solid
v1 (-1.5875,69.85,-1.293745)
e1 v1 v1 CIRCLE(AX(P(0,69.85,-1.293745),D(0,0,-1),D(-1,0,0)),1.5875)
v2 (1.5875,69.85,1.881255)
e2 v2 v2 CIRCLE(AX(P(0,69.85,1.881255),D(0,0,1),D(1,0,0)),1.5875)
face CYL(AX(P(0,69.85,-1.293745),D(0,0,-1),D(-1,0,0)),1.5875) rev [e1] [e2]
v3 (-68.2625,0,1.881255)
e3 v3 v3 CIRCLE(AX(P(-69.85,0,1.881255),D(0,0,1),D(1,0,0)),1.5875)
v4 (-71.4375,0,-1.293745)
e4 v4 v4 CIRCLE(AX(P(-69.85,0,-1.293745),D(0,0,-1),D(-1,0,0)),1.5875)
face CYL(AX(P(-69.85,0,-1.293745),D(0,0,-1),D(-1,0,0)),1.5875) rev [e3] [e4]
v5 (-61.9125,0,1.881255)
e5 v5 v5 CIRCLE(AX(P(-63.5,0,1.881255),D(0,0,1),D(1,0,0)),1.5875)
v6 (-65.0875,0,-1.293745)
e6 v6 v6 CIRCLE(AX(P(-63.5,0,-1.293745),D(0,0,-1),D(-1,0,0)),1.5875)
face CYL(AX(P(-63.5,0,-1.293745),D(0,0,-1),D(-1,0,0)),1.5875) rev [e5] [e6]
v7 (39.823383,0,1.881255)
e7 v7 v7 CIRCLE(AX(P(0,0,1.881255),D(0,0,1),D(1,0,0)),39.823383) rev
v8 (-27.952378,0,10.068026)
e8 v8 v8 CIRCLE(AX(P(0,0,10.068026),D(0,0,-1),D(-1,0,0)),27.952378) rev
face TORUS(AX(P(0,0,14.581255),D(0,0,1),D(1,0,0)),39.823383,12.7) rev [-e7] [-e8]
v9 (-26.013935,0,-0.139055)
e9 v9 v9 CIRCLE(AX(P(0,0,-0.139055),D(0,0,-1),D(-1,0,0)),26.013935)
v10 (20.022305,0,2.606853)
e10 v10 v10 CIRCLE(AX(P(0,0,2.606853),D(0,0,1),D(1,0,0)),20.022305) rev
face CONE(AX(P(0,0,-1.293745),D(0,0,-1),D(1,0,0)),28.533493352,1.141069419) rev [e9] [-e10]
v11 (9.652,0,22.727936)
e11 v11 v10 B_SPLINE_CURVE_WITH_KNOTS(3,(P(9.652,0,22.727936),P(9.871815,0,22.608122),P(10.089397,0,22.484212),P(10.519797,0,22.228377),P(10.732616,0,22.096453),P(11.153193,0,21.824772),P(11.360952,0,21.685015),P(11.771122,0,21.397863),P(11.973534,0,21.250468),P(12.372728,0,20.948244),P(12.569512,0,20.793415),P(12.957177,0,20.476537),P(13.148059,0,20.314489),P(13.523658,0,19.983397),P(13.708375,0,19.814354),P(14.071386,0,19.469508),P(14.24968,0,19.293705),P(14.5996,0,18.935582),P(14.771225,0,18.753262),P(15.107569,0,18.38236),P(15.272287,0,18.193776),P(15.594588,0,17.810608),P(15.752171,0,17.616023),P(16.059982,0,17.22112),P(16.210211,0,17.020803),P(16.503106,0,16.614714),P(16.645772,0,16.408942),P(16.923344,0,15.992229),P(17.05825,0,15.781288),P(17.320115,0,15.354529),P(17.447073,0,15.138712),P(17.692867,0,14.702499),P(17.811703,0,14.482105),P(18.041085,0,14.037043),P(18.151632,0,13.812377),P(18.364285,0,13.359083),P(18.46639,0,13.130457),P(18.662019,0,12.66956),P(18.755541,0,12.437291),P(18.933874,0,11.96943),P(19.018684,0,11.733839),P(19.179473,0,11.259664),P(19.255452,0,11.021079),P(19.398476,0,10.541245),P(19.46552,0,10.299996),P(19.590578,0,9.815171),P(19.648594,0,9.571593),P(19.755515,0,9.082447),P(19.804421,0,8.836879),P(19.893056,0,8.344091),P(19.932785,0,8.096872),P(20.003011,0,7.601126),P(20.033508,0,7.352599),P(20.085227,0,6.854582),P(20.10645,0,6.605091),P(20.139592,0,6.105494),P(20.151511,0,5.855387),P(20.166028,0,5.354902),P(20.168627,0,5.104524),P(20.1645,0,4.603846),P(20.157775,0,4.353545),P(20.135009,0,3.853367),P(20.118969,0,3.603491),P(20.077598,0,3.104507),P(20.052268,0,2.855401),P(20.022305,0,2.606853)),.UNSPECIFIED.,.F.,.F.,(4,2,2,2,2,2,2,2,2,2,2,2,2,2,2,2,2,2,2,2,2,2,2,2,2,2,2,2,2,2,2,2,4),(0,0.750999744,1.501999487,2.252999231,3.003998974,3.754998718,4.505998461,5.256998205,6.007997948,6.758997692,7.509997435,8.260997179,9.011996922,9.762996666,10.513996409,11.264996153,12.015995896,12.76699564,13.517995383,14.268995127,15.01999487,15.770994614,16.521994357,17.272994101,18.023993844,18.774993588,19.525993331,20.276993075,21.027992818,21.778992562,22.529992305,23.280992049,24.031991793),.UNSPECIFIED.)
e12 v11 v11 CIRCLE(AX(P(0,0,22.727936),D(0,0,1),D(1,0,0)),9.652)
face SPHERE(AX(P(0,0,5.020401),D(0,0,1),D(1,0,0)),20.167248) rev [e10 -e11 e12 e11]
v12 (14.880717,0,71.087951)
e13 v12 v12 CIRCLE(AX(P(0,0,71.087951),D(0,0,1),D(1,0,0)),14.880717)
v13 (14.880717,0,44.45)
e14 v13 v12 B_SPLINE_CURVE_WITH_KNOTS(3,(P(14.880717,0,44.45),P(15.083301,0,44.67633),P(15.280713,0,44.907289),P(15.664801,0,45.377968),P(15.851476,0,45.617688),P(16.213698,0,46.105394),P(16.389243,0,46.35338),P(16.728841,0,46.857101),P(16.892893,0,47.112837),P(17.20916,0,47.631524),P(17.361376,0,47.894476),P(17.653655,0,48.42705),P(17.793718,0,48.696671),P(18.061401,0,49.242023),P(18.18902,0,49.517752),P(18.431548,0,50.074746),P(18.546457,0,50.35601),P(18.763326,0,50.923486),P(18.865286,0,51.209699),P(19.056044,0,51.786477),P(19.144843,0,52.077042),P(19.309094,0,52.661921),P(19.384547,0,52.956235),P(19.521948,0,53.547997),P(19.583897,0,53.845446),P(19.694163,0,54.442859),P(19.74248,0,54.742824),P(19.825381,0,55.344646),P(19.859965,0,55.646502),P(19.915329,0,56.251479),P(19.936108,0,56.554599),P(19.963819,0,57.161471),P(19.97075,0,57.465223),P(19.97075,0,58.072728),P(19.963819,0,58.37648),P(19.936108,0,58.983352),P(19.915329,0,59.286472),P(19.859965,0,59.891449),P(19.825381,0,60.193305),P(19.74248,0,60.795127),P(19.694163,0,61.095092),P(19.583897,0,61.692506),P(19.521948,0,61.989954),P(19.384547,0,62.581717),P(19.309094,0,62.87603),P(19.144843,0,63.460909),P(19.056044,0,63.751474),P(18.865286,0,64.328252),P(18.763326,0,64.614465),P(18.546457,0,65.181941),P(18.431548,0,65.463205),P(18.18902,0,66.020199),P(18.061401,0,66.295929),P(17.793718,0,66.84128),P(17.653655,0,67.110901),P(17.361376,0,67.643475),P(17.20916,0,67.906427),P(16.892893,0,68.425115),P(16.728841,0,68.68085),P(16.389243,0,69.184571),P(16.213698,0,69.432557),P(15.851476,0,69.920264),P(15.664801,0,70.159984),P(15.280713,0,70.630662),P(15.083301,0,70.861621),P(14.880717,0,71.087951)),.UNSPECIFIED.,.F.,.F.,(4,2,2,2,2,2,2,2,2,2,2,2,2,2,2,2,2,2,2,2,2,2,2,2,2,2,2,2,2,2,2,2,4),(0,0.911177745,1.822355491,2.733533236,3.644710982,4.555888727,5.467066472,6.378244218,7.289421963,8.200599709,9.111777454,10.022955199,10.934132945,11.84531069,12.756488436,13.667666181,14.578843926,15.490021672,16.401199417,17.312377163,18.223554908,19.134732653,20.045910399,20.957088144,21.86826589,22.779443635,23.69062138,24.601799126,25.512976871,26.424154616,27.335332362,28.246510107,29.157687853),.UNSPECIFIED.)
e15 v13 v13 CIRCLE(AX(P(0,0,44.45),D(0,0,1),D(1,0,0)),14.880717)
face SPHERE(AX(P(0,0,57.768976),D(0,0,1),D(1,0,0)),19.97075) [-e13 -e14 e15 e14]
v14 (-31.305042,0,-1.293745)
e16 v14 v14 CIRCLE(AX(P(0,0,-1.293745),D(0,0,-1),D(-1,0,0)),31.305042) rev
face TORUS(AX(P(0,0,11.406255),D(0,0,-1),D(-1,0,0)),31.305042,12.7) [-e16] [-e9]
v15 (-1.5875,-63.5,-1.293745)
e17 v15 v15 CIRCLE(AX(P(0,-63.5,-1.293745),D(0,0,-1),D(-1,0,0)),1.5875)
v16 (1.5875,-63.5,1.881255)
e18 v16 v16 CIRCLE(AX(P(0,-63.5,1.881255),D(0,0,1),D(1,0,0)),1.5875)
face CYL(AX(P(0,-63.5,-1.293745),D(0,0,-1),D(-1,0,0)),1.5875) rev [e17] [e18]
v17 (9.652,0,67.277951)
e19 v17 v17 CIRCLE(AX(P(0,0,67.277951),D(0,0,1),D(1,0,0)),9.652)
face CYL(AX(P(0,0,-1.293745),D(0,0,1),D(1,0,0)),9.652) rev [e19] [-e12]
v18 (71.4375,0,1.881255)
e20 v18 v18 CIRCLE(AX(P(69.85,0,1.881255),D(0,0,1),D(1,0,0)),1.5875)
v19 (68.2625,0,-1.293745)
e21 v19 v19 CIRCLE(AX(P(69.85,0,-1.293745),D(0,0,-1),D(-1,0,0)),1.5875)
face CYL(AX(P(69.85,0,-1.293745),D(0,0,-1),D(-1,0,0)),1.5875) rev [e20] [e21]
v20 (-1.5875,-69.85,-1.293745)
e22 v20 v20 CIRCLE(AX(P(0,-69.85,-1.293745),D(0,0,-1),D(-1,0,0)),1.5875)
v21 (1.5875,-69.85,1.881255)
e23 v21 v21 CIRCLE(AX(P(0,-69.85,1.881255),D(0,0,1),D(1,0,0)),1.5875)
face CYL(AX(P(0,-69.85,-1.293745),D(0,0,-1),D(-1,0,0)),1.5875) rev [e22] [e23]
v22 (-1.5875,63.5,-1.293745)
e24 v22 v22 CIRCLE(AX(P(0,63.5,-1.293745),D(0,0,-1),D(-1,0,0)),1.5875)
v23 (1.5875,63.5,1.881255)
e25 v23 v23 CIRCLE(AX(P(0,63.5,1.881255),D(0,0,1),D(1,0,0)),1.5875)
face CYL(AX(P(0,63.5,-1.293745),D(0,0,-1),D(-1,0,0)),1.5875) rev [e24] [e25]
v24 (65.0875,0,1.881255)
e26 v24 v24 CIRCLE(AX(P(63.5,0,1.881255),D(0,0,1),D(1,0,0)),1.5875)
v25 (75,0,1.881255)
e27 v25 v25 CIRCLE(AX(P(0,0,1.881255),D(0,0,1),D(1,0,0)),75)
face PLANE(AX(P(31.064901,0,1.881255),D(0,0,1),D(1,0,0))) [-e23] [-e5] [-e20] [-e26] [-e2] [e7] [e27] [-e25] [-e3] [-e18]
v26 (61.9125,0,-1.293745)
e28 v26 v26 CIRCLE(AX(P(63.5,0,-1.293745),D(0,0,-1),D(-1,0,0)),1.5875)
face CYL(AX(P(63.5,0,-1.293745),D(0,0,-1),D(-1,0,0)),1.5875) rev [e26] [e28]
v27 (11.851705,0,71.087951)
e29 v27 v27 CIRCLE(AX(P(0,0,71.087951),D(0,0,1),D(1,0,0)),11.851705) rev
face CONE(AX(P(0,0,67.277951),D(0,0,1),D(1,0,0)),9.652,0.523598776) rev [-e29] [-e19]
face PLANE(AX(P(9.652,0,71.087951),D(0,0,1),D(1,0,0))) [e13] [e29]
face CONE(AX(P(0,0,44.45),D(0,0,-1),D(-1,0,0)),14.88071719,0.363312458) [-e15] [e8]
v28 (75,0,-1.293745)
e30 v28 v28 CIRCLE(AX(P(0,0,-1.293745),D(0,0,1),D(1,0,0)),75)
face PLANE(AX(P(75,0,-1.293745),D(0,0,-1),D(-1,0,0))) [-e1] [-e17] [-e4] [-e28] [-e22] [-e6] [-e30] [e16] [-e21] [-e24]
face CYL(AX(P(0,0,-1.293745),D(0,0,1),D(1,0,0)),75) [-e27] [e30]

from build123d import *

# Parameters (mm, degrees)
SKETCH2_R          = 28.533493352
CUT_EXTRUDE1_DEPTH = 3.900597164
CUT_EXTRUDE1_DRAFT = -65.378461827
HOLE1_D            = 3.175
HOLE1_DEPTH        = 72.381695866
CHAMFER1_SIZE      = 2.199704526
CHAMFER1_SIZE2     = 3.81
FILLET1_R          = 12.7


with BuildPart() as part:
    # Sketch1 → Revolve1 (revolve)
    with BuildSketch(Plane(origin=(0, 0, 0), x_dir=(1, 0, 0), z_dir=(0, 1, 0))):
        with BuildLine():
            Line((75, 1.293744634), (0, 1.293744634))
            Line((0, 1.293744634), (0, -2.606852529))
            Line((0, -2.606852529), (20.022304736, -2.606852529))
            ThreePointArc((20.022304736, -2.606852529), (17.926393777, -14.259573819), (9.652, -22.727936343))
            Line((9.652, -22.727936343), (9.652, -71.087951232))
            Line((9.652, -71.087951232), (14.88071719, -71.087951232))
            ThreePointArc((14.88071719, -71.087951232), (19.97075, -57.768975616), (14.88071719, -44.45))
            Line((14.88071719, -44.45), (31.064900574, -1.881255366))
            Line((31.064900574, -1.881255366), (75, -1.881255366))
            Line((75, -1.881255366), (75, 1.293744634))
        make_face()
    revolve(axis=Axis((0, 0, -1.293744634), (0, 0, 1)))


with BuildPart() as cut_extrude1_tool:
    # Sketch2 → Cut-Extrude1 (with draft: the straight prism first)
    with BuildSketch(Plane(origin=(0, 0, -1.293744634), x_dir=(-1, 0, 0), z_dir=(0, 0, -1))):
        Circle(SKETCH2_R)
    extrude(amount=-CUT_EXTRUDE1_DEPTH)
    # Cut-Extrude1: the draft: its side faces are tilted about the plane it starts from
    cut_extrude1_sides = [cut_extrude1_tool.faces().sort_by_distance(p)[0] for p in [
        (28.533493352, 0, 0.656553947),
    ]]
    draft(cut_extrude1_sides, Plane(origin=(0, 0, -1.293744634), x_dir=(-1, 0, 0), z_dir=(0, 0, -1)), CUT_EXTRUDE1_DRAFT)


with BuildPart() as part_1:
    add(part.part)

    # Cut-Extrude1: cut by cut_extrude1_tool
    add(cut_extrude1_tool.part, mode=Mode.SUBTRACT)

    # Hole1
    with Locations(Plane(origin=(0, 0, -1.293744634), x_dir=(-1, 0, 0), z_dir=(0, 0, -1))):
        with Locations((-63.5, 0), (-69.85, 0), (0, 63.5), (0, 69.85), (63.5, 0), (69.85, 0), (0, -63.5), (0, -69.85)):
            Hole(HOLE1_D / 2, depth=HOLE1_DEPTH)

    # Chamfer1
    chamfer1_edges = [part_1.edges().sort_by_distance(p)[0] for p in [
        (-9.652, 0, 71.087951232),
    ]]
    chamfer1_side = [part_1.faces().sort_by_distance(p)[0] for p in [
        (-10.072890241, 0, 71.087951232),
    ]]
    chamfer(chamfer1_edges, length=CHAMFER1_SIZE, length2=CHAMFER1_SIZE2, reference=chamfer1_side[0])

    # Fillet1
    fillet1_edges = [part_1.edges().sort_by_distance(p)[0] for p in [
        (-31.064900574, 0, 1.881255366),
        (28.533493352, 0, -1.293744634),
    ]]
    fillet(fillet1_edges, radius=FILLET1_R)


solid = part_1.part
